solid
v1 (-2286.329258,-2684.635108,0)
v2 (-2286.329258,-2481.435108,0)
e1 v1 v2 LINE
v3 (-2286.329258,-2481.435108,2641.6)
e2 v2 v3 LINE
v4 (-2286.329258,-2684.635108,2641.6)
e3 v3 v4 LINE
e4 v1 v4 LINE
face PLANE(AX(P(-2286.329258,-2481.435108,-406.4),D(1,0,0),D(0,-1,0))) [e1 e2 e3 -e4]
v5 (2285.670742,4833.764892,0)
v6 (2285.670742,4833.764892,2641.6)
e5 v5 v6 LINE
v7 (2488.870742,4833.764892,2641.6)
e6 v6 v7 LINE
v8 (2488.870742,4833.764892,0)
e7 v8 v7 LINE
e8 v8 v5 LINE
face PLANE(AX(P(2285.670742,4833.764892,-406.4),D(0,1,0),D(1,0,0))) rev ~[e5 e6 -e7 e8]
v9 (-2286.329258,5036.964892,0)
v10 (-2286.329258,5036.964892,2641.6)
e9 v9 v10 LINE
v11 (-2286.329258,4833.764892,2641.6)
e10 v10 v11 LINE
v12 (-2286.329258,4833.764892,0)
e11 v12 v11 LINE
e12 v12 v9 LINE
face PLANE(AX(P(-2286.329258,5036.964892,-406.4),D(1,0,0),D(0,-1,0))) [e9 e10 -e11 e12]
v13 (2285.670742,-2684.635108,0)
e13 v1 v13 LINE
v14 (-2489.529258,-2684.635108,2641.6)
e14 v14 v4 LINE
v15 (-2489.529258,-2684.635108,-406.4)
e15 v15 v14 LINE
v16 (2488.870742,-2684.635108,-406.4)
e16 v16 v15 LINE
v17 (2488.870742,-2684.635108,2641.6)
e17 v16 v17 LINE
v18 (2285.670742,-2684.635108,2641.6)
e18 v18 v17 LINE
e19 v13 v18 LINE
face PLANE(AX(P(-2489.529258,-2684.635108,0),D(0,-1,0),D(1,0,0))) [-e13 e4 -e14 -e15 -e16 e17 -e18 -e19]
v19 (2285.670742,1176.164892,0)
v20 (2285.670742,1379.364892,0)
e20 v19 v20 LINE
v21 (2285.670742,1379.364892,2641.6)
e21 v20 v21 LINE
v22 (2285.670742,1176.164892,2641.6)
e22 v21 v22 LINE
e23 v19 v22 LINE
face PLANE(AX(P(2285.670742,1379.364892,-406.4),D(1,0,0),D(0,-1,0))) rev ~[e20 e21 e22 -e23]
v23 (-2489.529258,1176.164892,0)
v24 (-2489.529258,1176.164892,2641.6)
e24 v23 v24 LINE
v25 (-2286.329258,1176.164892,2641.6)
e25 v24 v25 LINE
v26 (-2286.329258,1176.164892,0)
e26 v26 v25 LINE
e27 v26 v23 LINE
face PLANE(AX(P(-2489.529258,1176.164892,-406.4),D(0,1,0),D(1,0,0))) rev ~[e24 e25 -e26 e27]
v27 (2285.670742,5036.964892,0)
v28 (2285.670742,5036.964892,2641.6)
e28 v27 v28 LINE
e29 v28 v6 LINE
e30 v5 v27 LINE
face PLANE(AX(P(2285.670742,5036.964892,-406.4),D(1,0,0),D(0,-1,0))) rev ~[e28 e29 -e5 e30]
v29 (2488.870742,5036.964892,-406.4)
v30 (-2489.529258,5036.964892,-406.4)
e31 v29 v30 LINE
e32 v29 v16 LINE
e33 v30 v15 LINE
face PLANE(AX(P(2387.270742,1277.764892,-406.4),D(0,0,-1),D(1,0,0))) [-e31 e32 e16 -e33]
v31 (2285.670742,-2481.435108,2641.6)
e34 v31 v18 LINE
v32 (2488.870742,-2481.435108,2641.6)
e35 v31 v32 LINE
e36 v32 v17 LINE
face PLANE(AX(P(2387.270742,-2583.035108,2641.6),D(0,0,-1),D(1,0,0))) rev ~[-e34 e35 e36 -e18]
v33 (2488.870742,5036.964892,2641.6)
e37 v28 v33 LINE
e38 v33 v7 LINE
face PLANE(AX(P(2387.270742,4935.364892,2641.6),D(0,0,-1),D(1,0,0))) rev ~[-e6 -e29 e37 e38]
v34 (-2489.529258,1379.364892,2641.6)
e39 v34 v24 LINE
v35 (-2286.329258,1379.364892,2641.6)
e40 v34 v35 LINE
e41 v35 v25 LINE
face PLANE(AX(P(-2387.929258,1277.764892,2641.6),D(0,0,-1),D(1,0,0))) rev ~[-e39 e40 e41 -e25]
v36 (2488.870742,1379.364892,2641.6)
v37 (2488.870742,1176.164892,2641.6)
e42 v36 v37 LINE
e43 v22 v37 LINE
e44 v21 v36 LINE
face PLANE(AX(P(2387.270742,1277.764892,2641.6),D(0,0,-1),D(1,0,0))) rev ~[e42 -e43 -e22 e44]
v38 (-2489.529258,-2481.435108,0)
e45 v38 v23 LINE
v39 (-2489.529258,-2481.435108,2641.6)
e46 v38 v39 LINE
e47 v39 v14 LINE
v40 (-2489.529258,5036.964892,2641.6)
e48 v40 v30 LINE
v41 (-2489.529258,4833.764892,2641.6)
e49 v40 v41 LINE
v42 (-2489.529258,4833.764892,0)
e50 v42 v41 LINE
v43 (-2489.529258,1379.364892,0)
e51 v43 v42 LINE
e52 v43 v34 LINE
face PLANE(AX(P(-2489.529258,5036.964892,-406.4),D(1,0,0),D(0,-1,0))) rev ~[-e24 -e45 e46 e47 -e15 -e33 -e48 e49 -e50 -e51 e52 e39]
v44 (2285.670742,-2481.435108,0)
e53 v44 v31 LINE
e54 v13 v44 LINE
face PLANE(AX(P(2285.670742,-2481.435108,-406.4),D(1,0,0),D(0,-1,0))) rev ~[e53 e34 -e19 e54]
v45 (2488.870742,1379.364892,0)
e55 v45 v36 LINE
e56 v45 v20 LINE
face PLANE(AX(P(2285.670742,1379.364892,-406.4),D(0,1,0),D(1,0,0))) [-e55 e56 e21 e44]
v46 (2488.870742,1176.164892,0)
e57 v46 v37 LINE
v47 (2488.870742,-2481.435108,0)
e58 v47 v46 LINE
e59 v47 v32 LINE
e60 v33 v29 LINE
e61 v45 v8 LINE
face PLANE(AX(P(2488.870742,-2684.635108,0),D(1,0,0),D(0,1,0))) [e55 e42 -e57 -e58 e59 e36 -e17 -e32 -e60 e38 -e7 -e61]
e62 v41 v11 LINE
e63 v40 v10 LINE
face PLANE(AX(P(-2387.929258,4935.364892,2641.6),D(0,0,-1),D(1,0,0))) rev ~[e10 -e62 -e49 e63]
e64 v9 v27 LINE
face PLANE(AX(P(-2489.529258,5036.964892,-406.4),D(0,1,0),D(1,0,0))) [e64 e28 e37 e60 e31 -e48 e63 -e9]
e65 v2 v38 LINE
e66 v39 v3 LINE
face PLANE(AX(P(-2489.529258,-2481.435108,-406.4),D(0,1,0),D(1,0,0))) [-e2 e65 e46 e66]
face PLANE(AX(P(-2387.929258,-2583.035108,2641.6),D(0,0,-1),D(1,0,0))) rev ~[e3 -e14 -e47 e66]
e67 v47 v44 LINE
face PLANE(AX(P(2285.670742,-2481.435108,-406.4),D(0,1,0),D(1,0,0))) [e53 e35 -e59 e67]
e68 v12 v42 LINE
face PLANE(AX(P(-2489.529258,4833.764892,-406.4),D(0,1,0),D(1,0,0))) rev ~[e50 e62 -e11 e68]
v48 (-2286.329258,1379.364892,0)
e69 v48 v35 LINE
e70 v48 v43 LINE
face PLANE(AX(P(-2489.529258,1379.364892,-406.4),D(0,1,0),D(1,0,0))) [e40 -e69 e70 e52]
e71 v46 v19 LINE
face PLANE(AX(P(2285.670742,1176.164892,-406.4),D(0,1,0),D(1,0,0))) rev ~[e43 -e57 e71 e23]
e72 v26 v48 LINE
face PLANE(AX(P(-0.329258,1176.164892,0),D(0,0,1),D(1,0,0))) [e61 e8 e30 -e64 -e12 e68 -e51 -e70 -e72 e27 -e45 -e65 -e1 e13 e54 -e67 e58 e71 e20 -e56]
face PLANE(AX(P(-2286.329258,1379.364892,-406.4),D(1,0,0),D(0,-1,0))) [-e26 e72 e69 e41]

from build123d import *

# Parameters (mm, degrees)
F0_W      = 4978.4
F0_H      = 7721.6
F1_DEPTH  = 406.4
F3_W      = 203.2
F3_H      = 203.2
F4_DEPTH  = 3048
F5_W      = 203.2
F5_H      = 203.2
F6_DEPTH  = 3048
F8_W      = 203.2
F8_H      = 203.2
F9_DEPTH  = 3048
F10_W     = 203.2
F10_H     = 203.2
F11_DEPTH = 3048
F12_W     = 203.2
F12_H     = 203.2
F13_DEPTH = 3048
F14_W     = 203.2
F14_H     = 203.2
F15_DEPTH = 3048
F17_W     = 203.2
F17_H     = 3454.4
F18_DEPTH = 203.2


with BuildPart() as f1:
    # F0 (on Top) → F1 (new body)
    with BuildSketch(Plane.XY):
        with Locations((-0.3292579204, 1176.1648918583)):
            Rectangle(F0_W, F0_H)
    extrude(amount=-F1_DEPTH)

    # F3 (on face) → F4 (join)
    with BuildSketch(Plane(origin=(0, 0, -406.4), x_dir=(1, 0, 0), z_dir=(0, 0, -1))):
        with Locations((-2387.9292579204, 2583.0351081417)):
            Rectangle(F3_W, F3_H)
    extrude(amount=-F4_DEPTH)

    # F5 (on face) → F6 (join)
    with BuildSketch(Plane(origin=(0, 0, -406.4), x_dir=(1, 0, 0), z_dir=(0, 0, -1))):
        with Locations((2387.2707420796, 2583.0351081417)):
            Rectangle(F5_W, F5_H)
    extrude(amount=-F6_DEPTH)

    # F8 (on face) → F9 (join)
    with BuildSketch(Plane(origin=(0, 0, -406.4), x_dir=(1, 0, 0), z_dir=(0, 0, -1))):
        with Locations((2387.2707420796, -4935.3648918583)):
            Rectangle(F8_W, F8_H)
    extrude(amount=-F9_DEPTH)

    # F10 (on face) → F11 (join)
    with BuildSketch(Plane(origin=(0, 0, -406.4), x_dir=(1, 0, 0), z_dir=(0, 0, -1))):
        with Locations((-2387.9292579204, -4935.3648918583)):
            Rectangle(F10_W, F10_H)
    extrude(amount=-F11_DEPTH)

    # F12 (on face) → F13 (join)
    with BuildSketch(Plane(origin=(0, 0, -406.4), x_dir=(1, 0, 0), z_dir=(0, 0, -1))):
        with Locations((-2387.9292579204, -1277.7648918583)):
            Rectangle(F12_W, F12_H)
    extrude(amount=-F13_DEPTH)

    # F14 (on face) → F15 (join)
    with BuildSketch(Plane(origin=(0, 0, -406.4), x_dir=(1, 0, 0), z_dir=(0, 0, -1))):
        with Locations((2387.2707420796, -1277.7648918583)):
            Rectangle(F14_W, F14_H)
    extrude(amount=-F15_DEPTH)

    # F17 (on face) → F18 (join)
    with BuildSketch(Plane.XY):
        with Locations((2387.2707420796, 3106.5648918583)):
            Rectangle(F17_W, F17_H)
    extrude(amount=-F18_DEPTH)


solid = f1.part
